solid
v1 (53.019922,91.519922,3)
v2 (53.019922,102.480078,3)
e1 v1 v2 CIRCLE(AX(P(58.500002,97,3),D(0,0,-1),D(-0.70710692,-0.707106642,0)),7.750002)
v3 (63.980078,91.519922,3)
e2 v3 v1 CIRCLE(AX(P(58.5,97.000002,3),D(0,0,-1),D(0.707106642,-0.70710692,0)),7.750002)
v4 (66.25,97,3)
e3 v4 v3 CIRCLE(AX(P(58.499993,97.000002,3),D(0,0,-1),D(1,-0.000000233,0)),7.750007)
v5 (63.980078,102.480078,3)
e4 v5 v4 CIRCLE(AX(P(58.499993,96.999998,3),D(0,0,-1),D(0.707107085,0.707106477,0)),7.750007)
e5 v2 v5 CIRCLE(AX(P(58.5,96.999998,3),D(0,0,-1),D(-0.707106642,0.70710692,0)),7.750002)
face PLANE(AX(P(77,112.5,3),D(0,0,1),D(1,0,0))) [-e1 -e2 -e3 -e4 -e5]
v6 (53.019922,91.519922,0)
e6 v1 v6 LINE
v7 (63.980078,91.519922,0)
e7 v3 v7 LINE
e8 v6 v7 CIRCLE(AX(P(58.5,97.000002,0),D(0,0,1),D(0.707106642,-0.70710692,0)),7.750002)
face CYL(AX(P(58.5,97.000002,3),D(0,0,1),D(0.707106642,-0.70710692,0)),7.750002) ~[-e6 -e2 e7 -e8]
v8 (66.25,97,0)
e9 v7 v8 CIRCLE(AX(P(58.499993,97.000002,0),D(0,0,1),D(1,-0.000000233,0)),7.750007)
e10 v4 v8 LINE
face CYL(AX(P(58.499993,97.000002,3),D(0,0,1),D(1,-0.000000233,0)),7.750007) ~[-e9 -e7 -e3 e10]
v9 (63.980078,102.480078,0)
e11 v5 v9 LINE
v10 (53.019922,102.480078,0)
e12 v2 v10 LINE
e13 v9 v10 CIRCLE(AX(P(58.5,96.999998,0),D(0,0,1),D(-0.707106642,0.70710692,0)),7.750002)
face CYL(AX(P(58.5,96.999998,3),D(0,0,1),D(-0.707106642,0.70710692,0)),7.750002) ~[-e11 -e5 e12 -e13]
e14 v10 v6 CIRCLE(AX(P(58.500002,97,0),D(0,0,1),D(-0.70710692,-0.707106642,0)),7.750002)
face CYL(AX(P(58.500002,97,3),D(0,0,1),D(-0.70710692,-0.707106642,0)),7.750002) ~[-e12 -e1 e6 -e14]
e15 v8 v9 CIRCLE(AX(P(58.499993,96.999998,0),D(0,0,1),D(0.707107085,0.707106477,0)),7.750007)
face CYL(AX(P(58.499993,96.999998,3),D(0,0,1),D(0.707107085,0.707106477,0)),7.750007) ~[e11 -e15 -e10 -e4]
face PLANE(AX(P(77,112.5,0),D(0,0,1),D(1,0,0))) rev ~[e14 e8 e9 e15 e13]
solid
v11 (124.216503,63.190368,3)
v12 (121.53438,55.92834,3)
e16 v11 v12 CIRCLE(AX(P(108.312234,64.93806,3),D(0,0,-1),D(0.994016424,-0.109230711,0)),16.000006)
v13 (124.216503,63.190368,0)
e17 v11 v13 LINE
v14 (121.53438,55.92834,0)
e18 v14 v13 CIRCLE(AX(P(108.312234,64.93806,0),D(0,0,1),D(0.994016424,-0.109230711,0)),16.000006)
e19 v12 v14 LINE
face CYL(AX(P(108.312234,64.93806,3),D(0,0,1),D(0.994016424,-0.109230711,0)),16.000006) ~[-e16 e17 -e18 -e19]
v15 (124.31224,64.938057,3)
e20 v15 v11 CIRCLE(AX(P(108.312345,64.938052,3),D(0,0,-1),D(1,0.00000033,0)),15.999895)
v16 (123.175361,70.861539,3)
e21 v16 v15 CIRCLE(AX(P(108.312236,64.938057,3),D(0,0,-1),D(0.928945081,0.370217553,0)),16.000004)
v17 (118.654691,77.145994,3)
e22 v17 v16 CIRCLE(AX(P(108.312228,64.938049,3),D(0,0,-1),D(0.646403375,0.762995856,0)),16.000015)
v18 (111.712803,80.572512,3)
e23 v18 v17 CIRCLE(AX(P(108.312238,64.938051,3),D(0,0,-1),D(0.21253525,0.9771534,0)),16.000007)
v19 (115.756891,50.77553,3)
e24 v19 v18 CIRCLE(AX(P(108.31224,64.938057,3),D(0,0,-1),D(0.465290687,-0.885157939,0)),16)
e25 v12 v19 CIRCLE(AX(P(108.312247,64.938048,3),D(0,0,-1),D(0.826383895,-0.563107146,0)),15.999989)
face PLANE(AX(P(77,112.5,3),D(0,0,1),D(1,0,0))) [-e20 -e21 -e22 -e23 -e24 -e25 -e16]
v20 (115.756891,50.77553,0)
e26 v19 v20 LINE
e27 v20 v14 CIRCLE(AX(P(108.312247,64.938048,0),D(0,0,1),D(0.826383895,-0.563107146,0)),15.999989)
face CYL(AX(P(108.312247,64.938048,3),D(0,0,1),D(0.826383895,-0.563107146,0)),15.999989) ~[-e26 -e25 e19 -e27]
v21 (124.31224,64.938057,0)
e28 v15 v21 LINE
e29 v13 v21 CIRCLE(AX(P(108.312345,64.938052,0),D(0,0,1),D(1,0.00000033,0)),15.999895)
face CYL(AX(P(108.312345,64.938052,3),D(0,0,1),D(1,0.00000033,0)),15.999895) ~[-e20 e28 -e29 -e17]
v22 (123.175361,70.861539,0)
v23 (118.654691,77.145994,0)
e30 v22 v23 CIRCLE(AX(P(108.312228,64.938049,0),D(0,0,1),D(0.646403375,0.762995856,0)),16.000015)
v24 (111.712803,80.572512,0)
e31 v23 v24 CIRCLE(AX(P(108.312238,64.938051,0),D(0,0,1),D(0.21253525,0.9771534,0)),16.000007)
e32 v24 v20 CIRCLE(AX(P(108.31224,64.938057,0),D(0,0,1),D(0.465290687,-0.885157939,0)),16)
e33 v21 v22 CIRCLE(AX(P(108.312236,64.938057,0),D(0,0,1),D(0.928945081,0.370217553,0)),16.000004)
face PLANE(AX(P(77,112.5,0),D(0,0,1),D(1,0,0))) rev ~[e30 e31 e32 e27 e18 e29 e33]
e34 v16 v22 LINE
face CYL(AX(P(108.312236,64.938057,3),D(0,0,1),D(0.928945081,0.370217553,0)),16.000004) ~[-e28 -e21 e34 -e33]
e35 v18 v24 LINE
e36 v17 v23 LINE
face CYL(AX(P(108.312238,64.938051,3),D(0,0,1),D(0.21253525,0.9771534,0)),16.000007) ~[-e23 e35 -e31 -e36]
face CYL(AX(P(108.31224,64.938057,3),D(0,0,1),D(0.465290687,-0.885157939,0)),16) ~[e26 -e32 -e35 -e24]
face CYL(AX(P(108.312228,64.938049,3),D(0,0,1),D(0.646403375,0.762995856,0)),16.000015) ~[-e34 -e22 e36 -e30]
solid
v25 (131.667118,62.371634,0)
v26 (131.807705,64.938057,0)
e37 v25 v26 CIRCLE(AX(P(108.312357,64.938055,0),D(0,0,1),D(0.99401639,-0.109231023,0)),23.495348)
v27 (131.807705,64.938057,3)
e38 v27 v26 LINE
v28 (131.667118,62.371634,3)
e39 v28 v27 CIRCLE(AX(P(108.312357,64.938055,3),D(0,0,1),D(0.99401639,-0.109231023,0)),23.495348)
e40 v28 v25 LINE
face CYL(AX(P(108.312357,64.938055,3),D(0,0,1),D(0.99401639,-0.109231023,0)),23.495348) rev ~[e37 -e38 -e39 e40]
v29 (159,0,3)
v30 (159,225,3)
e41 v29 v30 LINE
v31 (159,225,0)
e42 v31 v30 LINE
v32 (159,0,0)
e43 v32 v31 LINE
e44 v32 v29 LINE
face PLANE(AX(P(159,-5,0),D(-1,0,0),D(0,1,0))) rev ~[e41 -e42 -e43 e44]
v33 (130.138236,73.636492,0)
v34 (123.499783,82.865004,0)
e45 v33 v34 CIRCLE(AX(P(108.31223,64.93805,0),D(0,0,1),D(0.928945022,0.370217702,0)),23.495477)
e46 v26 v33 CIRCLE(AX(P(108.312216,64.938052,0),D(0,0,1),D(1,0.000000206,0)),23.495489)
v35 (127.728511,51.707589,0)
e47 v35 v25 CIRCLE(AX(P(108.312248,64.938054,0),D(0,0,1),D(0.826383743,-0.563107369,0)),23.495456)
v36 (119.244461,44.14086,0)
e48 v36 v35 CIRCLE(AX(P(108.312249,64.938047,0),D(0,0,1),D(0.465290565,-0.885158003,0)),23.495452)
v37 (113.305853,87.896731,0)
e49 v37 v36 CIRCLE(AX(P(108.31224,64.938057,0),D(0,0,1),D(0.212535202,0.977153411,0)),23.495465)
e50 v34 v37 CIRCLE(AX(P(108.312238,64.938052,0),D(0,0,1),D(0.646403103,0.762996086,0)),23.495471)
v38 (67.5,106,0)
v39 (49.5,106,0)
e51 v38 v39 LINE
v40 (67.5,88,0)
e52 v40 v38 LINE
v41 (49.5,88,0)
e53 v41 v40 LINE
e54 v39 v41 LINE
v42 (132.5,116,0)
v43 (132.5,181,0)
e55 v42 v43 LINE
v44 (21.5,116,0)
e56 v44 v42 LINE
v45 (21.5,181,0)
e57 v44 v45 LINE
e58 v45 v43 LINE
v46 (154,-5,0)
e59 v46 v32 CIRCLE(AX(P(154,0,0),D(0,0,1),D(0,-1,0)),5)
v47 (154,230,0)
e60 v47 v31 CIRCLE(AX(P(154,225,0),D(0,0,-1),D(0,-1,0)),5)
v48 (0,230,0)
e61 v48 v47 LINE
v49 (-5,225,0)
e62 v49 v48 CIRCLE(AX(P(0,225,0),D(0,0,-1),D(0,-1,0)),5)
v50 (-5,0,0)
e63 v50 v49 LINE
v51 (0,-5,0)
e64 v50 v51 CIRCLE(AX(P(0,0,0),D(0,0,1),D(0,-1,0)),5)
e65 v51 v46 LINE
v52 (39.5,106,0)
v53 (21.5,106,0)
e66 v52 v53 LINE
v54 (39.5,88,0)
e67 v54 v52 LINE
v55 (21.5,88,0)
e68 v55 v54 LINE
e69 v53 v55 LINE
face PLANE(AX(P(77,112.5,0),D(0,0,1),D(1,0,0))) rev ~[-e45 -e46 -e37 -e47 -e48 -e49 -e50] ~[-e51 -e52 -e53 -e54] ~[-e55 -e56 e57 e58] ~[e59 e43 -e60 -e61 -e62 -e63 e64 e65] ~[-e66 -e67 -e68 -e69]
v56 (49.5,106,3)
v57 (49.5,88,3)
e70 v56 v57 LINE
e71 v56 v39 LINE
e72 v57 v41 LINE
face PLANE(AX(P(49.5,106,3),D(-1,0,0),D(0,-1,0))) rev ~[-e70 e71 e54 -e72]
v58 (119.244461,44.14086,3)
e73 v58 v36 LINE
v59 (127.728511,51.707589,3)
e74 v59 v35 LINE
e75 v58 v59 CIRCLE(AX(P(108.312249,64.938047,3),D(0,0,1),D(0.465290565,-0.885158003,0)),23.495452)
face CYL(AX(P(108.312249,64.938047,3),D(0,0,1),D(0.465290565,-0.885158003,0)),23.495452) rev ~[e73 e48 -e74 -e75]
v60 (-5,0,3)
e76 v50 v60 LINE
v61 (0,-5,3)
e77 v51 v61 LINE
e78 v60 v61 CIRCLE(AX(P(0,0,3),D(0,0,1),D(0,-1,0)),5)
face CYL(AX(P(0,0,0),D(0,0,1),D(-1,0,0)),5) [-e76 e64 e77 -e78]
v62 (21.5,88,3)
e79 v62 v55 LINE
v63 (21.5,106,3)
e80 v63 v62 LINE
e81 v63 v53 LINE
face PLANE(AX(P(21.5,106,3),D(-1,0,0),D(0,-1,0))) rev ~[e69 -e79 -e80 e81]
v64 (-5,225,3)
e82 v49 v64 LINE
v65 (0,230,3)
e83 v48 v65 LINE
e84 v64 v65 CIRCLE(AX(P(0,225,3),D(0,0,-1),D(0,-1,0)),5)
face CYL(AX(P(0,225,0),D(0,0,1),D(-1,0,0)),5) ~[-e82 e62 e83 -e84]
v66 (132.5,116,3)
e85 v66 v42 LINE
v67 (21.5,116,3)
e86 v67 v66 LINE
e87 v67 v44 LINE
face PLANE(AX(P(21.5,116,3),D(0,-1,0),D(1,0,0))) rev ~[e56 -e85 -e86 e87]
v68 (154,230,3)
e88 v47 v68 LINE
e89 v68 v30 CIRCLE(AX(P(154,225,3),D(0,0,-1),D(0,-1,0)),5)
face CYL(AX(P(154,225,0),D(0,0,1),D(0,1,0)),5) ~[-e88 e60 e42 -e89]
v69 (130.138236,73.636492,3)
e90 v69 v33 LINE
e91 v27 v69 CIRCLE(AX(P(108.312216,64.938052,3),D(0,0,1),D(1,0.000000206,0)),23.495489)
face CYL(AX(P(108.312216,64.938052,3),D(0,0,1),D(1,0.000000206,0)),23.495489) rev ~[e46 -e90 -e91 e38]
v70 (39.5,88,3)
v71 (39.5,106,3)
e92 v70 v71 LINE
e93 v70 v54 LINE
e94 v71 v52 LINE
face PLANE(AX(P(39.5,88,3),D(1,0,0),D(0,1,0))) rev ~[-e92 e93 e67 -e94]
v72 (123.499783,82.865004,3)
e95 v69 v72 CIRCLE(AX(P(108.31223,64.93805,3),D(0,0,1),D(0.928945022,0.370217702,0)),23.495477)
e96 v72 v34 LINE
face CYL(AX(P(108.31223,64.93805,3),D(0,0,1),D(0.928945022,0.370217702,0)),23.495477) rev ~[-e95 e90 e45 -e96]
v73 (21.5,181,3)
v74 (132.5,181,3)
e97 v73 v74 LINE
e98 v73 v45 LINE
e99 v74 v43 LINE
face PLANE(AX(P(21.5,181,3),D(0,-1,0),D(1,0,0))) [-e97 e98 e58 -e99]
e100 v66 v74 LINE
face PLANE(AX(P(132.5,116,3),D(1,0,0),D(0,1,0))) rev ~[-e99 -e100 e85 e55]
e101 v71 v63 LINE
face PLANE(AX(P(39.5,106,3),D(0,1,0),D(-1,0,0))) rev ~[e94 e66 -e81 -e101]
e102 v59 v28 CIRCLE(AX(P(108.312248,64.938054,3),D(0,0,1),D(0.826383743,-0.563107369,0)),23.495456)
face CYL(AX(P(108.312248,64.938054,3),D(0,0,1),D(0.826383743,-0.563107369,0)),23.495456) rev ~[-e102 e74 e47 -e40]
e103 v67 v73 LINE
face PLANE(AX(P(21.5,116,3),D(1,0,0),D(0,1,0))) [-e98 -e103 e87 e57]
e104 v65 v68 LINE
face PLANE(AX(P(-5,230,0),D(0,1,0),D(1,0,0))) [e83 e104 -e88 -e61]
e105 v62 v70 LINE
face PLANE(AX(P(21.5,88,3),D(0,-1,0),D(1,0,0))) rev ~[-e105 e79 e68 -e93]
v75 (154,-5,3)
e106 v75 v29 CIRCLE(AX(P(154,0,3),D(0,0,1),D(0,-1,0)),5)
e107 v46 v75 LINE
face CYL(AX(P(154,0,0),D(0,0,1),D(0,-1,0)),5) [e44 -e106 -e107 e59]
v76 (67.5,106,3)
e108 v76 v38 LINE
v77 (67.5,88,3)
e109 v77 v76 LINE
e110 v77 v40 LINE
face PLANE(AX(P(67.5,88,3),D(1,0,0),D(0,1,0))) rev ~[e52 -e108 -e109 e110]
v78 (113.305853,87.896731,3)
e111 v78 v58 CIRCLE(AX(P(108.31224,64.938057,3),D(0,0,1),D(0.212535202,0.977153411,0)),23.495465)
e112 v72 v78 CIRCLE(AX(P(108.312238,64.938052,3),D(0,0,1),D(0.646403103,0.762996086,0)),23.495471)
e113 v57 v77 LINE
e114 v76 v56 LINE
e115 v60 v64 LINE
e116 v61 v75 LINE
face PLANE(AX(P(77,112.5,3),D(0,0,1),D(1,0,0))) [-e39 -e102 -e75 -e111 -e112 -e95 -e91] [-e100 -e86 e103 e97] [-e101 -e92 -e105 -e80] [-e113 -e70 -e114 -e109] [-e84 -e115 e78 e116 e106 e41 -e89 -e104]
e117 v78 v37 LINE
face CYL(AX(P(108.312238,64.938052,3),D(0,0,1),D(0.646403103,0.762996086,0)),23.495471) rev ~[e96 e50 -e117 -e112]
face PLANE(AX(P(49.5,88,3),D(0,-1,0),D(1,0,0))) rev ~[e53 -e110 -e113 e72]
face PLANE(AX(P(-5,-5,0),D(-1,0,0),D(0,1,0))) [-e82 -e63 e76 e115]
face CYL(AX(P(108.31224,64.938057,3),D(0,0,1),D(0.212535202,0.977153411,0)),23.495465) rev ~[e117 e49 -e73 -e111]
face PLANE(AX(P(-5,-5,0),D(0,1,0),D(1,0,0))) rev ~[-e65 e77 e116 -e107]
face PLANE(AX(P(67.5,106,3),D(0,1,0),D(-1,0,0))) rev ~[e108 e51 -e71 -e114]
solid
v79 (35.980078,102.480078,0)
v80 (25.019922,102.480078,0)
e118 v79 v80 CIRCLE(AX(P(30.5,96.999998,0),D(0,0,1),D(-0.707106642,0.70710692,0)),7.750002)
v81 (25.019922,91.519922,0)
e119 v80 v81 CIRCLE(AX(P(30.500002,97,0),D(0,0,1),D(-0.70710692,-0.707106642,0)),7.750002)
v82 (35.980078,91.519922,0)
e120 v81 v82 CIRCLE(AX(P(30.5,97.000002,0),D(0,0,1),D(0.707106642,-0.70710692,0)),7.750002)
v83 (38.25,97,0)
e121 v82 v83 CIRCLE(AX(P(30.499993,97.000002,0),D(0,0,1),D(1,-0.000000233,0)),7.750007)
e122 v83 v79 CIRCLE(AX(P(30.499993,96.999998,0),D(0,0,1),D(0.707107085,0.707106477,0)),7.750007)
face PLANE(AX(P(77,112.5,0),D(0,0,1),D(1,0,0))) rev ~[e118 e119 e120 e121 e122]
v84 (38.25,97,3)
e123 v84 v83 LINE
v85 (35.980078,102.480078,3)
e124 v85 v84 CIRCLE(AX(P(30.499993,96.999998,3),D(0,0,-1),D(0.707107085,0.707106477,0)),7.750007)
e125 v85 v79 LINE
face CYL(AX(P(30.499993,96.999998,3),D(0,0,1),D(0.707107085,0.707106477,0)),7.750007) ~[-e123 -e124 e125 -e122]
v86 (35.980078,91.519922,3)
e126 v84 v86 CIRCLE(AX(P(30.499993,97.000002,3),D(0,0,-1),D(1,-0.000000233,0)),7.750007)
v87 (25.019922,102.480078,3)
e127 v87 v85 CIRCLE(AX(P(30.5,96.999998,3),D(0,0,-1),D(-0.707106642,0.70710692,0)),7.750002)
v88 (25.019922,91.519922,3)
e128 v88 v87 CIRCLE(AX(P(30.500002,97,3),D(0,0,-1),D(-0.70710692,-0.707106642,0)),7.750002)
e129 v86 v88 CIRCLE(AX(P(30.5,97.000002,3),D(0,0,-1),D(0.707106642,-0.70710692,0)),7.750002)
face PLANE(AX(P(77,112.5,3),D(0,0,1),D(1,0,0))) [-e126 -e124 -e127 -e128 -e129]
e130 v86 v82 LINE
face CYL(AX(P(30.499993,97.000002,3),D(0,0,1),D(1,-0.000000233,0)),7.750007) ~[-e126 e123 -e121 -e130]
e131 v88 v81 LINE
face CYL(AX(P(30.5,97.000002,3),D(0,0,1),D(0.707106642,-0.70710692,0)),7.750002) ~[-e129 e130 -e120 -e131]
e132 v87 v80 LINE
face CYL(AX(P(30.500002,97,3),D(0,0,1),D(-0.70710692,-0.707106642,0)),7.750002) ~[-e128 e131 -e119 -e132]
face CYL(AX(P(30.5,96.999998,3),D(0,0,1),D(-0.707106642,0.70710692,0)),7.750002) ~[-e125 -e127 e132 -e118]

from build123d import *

# Parameters (mm, degrees)
F0_W     = 164
F0_H     = 235
F0_W_2   = 103
F0_H_2   = 57
F1_DEPTH = 3
F2_R     = 5
F3_W     = 111
F3_H     = 65
F4_DEPTH = 3.001


with BuildPart() as f1:
    # F0 (on Top) → F1 (new body)
    with BuildSketch(Plane.XY):
        with Locations((77, 112.5)):
            Rectangle(F0_W, F0_H)
        with Locations((77, 148.5)):
            Rectangle(F0_W_2, F0_H_2, mode=Mode.SUBTRACT)
    extrude(amount=F1_DEPTH)

    # F2
    f2_edges = [f1.edges().sort_by_distance(p)[0] for p in [
        (-5, 230, 1.5),
        (159, 230, 1.5),
        (159, -5, 1.5),
        (-5, -5, 1.5),
    ]]
    fillet(f2_edges, radius=F2_R)

    # F3 (on face) → F4 (cut, through all)
    with BuildSketch(Plane.XY.offset(3)):
        with BuildLine():
            ThreePointArc((35.980078, 102.480078), (37.660066, 99.965797), (38.25, 97))
            ThreePointArc((38.25, 97), (37.660066, 94.034203), (35.980078, 91.519922))
            Line((35.980078, 91.519922), (39.5, 88))
            Line((39.5, 88), (39.5, 106))
            Line((39.5, 106), (35.980078, 102.480078))
        make_face()
        with BuildLine():
            ThreePointArc((25.019922, 102.480078), (30.5, 104.75), (35.980078, 102.480078))
            Line((35.980078, 102.480078), (39.5, 106))
            Line((39.5, 106), (21.5, 106))
            Line((21.5, 106), (25.019922, 102.480078))
        make_face()
        with BuildLine():
            Line((39.5, 88), (35.980078, 91.519922))
            ThreePointArc((35.980078, 91.519922), (30.5, 89.25), (25.019922, 91.519922))
            Line((25.019922, 91.519922), (21.5, 88))
            Line((21.5, 88), (39.5, 88))
        make_face()
        with BuildLine():
            ThreePointArc((25.019922, 91.519922), (22.75, 97), (25.019922, 102.480078))
            Line((25.019922, 102.480078), (21.5, 106))
            Line((21.5, 106), (21.5, 88))
            Line((21.5, 88), (25.019922, 91.519922))
        make_face()
        with BuildLine():
            Line((49.5, 106), (49.5, 88))
            Line((49.5, 88), (53.019922, 91.519922))
            ThreePointArc((53.019922, 91.519922), (50.75, 97), (53.019922, 102.480078))
            Line((53.019922, 102.480078), (49.5, 106))
        make_face()
        with BuildLine():
            Line((53.019922, 91.519922), (49.5, 88))
            Line((49.5, 88), (67.5, 88))
            Line((67.5, 88), (63.980078, 91.519922))
            ThreePointArc((63.980078, 91.519922), (58.5, 89.25), (53.019922, 91.519922))
        make_face()
        with BuildLine():
            Line((63.980078, 91.519922), (67.5, 88))
            Line((67.5, 88), (67.5, 106))
            Line((67.5, 106), (63.980078, 102.480078))
            ThreePointArc((63.980078, 102.480078), (65.660066, 99.965797), (66.25, 97))
            ThreePointArc((66.25, 97), (65.660066, 94.034203), (63.980078, 91.519922))
        make_face()
        with BuildLine():
            Line((67.5, 106), (49.5, 106))
            Line((49.5, 106), (53.019922, 102.480078))
            ThreePointArc((53.019922, 102.480078), (58.5, 104.75), (63.980078, 102.480078))
            Line((63.980078, 102.480078), (67.5, 106))
        make_face()
        with Locations((77, 148.5)):
            Rectangle(F3_W, F3_H)
        with BuildLine():
            Line((130.138236, 73.636492), (123.175361, 70.861539))
            ThreePointArc((123.175361, 70.861539), (124.02545, 67.953854), (124.31224, 64.938057))
            ThreePointArc((124.31224, 64.938057), (124.288288, 64.062903), (124.216503, 63.190368))
            Line((124.216503, 63.190368), (131.667118, 62.371634))
            ThreePointArc((131.667118, 62.371634), (131.772532, 63.652922), (131.807705, 64.938057))
            ThreePointArc((131.807705, 64.938057), (131.386563, 69.366654), (130.138236, 73.636492))
        make_face()
        with BuildLine():
            ThreePointArc((118.654691, 77.145994), (121.300843, 74.2813), (123.175361, 70.861539))
            Line((123.175361, 70.861539), (130.138236, 73.636492))
            ThreePointArc((130.138236, 73.636492), (127.385569, 78.658297), (123.499783, 82.865004))
            Line((123.499783, 82.865004), (118.654691, 77.145994))
        make_face()
        with BuildLine():
            Line((131.667118, 62.371634), (124.216503, 63.190368))
            ThreePointArc((124.216503, 63.190368), (123.321274, 59.394693), (121.53438, 55.92834))
            Line((121.53438, 55.92834), (127.728511, 51.707589))
            ThreePointArc((127.728511, 51.707589), (130.352505, 56.797812), (131.667118, 62.371634))
        make_face()
        with BuildLine():
            ThreePointArc((111.712803, 80.572512), (115.394109, 79.285431), (118.654691, 77.145994))
            Line((118.654691, 77.145994), (123.499783, 82.865004))
            ThreePointArc((123.499783, 82.865004), (118.711727, 86.006696), (113.305853, 87.896731))
            Line((113.305853, 87.896731), (111.712803, 80.572512))
        make_face()
        with BuildLine():
            Line((127.728511, 51.707589), (121.53438, 55.92834))
            ThreePointArc((121.53438, 55.92834), (118.961979, 52.997242), (115.756891, 50.77553))
            Line((115.756891, 50.77553), (119.244461, 44.14086))
            ThreePointArc((119.244461, 44.14086), (123.951025, 47.403369), (127.728511, 51.707589))
        make_face()
        with BuildLine():
            ThreePointArc((115.756891, 50.77553), (92.457597, 62.786243), (111.712803, 80.572512))
            Line((111.712803, 80.572512), (113.305853, 87.896731))
            ThreePointArc((113.305853, 87.896731), (85.030227, 61.778189), (119.244461, 44.14086))
            Line((119.244461, 44.14086), (115.756891, 50.77553))
        make_face()
    extrude(amount=-F4_DEPTH, mode=Mode.SUBTRACT)


solid = f1.part
